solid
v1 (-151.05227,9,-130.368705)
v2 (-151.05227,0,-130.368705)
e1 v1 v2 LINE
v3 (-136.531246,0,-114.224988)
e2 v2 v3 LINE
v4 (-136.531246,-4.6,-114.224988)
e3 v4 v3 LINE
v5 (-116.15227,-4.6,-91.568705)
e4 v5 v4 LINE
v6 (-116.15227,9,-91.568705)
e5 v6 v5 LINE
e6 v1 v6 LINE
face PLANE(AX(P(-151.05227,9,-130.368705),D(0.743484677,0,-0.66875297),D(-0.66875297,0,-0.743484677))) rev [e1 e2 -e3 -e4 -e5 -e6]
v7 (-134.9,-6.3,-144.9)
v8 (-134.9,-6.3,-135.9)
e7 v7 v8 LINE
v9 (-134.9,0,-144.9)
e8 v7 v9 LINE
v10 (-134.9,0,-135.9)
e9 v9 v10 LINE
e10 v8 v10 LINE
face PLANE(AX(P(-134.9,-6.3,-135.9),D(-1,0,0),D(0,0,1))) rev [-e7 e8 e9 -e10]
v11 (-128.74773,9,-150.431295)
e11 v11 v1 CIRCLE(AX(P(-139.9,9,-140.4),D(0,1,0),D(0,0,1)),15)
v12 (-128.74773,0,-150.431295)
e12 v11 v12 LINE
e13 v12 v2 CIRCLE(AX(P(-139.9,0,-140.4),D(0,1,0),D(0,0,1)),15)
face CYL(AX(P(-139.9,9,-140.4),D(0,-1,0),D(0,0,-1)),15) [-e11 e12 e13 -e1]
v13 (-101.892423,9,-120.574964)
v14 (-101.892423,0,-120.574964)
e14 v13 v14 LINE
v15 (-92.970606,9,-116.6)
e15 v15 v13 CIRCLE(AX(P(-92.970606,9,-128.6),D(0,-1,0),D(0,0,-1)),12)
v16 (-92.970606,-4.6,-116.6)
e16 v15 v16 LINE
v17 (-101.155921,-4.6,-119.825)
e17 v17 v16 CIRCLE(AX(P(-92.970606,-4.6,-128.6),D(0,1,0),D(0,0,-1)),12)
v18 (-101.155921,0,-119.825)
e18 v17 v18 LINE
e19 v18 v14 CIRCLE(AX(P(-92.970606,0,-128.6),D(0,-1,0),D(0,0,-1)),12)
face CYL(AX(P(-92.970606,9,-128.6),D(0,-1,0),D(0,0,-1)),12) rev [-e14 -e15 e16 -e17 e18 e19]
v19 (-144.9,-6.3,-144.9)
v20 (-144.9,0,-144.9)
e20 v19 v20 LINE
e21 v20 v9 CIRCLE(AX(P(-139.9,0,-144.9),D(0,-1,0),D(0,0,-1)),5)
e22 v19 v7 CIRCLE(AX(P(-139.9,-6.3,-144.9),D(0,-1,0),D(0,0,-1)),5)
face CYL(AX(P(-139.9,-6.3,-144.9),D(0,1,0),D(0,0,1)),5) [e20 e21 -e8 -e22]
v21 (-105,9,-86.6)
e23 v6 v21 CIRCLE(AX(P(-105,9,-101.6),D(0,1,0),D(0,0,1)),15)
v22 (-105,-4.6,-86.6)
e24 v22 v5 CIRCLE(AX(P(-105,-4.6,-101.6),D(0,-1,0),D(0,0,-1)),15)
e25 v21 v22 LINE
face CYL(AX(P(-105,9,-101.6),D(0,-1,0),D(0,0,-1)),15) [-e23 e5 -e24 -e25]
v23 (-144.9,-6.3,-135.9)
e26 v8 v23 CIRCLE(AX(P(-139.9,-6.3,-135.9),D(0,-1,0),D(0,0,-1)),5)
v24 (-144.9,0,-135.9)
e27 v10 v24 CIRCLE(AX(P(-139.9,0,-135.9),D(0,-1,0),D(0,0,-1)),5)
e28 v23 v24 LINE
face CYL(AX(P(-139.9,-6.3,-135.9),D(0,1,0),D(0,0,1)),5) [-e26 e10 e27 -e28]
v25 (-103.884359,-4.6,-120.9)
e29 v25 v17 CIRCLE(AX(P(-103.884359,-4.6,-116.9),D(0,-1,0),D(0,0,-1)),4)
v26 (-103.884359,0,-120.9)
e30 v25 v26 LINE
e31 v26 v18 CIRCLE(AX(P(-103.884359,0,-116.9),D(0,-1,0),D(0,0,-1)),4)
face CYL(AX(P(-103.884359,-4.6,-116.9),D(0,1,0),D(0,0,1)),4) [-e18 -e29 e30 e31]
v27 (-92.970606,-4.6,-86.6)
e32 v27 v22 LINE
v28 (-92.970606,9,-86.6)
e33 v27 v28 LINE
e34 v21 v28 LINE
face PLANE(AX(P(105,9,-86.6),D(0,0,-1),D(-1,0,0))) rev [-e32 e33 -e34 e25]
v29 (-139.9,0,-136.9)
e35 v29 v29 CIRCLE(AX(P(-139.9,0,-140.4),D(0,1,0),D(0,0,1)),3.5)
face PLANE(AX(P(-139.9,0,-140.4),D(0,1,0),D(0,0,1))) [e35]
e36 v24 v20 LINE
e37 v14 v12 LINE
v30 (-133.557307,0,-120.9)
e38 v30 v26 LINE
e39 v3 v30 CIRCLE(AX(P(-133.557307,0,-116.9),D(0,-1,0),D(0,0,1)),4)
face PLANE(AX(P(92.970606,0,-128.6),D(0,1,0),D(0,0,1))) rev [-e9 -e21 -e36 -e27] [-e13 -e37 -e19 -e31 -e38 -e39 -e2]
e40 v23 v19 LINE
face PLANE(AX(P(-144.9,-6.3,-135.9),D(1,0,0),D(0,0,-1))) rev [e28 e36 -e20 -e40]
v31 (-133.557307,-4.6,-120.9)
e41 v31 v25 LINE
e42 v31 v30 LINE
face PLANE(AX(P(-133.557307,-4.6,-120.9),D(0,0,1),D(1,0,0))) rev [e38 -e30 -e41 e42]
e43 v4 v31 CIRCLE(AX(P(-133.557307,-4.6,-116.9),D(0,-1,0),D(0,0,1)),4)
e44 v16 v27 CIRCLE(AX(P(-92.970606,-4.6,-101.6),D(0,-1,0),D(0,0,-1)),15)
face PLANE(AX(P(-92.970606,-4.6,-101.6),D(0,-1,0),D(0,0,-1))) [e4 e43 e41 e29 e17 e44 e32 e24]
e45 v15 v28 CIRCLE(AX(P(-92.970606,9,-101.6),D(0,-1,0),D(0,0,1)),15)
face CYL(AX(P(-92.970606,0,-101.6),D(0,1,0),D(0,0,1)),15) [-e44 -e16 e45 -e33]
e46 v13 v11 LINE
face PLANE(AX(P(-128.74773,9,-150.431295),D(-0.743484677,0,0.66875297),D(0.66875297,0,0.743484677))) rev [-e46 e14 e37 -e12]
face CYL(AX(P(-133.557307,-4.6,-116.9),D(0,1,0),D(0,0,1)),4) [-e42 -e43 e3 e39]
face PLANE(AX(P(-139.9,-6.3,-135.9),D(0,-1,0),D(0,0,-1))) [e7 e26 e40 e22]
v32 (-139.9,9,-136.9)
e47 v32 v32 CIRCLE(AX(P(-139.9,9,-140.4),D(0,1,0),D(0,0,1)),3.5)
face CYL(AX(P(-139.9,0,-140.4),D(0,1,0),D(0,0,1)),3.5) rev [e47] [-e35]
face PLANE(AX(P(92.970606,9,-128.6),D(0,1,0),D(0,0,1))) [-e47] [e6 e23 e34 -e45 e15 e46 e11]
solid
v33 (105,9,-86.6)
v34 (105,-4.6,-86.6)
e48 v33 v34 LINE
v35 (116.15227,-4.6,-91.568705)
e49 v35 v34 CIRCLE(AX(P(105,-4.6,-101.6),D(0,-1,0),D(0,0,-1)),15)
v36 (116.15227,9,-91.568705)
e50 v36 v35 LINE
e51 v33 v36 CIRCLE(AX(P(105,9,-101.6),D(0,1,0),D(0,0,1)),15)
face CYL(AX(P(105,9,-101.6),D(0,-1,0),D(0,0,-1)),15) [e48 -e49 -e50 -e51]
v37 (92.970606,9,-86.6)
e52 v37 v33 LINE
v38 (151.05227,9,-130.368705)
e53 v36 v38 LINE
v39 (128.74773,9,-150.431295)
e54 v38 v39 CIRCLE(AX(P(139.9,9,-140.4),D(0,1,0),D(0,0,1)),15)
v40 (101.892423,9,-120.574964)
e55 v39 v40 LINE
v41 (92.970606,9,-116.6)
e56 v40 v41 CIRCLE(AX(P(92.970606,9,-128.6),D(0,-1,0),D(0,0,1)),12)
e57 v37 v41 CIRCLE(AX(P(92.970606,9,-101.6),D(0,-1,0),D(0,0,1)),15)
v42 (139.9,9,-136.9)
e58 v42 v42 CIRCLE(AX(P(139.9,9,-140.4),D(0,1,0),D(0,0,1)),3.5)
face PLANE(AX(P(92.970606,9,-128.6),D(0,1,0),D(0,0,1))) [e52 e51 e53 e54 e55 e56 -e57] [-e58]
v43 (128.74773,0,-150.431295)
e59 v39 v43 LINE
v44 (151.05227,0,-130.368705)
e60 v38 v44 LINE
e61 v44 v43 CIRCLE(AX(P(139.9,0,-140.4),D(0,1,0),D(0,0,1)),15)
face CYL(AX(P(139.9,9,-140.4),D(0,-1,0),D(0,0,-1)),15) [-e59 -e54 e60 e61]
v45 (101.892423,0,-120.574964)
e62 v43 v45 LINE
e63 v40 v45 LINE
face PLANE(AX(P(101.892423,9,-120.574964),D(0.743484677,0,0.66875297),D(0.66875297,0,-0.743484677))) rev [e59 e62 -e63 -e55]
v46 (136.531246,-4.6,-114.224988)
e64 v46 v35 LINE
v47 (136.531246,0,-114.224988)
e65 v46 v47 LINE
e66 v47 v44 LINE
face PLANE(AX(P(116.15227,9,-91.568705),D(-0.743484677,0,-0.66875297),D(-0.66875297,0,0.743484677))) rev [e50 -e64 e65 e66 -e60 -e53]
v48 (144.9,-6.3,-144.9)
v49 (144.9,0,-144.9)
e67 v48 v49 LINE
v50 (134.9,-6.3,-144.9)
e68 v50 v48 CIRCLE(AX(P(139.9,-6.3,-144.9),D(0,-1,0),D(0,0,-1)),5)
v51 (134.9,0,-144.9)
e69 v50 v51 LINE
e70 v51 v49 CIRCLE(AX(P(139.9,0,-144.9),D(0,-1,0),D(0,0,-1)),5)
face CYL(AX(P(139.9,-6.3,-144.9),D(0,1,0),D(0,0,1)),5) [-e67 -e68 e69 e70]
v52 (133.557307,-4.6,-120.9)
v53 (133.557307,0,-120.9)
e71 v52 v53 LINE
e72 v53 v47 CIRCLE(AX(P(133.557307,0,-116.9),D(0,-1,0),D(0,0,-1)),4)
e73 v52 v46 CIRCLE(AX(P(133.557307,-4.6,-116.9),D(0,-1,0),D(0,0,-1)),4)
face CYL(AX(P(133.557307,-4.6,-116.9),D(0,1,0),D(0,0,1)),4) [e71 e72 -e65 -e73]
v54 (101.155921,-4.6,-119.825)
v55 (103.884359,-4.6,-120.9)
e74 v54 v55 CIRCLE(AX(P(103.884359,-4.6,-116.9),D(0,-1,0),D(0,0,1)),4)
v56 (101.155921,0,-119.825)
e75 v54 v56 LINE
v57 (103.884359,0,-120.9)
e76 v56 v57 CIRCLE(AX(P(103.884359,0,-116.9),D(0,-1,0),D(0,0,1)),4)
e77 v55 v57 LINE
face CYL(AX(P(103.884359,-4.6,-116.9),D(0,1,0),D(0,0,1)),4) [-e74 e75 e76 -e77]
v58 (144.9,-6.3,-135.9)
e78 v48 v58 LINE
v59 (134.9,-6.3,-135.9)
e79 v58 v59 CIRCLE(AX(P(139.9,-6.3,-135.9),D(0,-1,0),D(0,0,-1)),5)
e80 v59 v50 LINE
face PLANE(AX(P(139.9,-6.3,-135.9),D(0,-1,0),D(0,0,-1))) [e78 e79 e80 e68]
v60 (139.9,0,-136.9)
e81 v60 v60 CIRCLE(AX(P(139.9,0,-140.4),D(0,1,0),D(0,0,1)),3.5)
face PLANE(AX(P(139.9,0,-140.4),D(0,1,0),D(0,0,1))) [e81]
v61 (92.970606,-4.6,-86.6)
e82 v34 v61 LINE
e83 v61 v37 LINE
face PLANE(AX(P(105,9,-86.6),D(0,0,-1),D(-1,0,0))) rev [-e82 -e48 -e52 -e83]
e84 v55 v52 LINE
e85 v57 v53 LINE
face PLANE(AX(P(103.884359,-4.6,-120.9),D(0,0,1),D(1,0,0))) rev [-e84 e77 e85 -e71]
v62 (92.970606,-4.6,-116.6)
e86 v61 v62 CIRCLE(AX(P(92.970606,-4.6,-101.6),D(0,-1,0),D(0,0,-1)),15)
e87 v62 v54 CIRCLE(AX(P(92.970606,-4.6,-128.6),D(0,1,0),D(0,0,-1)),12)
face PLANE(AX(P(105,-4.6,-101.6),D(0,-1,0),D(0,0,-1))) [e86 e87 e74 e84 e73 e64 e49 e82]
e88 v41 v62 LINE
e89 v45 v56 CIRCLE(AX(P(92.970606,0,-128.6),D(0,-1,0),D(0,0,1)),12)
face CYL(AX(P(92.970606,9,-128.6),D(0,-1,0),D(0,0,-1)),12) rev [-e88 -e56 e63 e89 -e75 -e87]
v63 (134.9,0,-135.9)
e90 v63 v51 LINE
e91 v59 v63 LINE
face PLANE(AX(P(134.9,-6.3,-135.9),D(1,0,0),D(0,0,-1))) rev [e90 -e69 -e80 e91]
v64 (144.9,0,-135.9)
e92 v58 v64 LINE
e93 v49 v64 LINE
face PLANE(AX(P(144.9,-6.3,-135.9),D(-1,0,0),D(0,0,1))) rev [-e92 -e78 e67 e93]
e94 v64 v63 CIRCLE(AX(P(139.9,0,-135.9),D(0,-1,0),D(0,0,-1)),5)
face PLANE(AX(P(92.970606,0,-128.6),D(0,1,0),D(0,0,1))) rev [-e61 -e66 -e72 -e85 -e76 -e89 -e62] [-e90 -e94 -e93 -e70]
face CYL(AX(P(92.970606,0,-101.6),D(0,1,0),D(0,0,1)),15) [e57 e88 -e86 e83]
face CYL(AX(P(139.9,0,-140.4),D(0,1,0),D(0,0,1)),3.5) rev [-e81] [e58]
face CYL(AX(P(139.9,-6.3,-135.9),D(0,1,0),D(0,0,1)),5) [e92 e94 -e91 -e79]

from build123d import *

# Parameters (mm, degrees)
BOSS_EXTRUDE1_DEPTH = 9
CUT_EXTRUDE1_DEPTH  = 220.600022769
BOSS_EXTRUDE2_DEPTH = 6.3
BOSS_EXTRUDE3_DEPTH = 4.6
SKETCH7_R           = 3.5
CUT_EXTRUDE2_DEPTH  = 9


with BuildPart() as part:
    # Sketch1 → Boss-Extrude1 (new body)
    with BuildSketch(Plane(origin=(0, 0, 0), x_dir=(1, 0, 0), z_dir=(0, 1, 0))):
        with BuildLine():
            Line((-128.747729842, 150.431294549), (-101.892422534, 120.574964361))
            ThreePointArc((-101.892422534, 120.574964361), (-97.854230693, 117.638694702), (-92.970606408, 116.6))
            Line((-92.970606408, 116.6), (92.970606408, 116.6))
            ThreePointArc((92.970606408, 116.6), (97.854230693, 117.638694702), (101.892422534, 120.574964361))
            Line((101.892422534, 120.574964361), (128.747729842, 150.431294549))
            ThreePointArc((128.747729842, 150.431294549), (149.931294549, 151.552270158), (151.052270158, 130.368705451))
            Line((151.052270158, 130.368705451), (116.152270158, 91.568705451))
            ThreePointArc((116.152270158, 91.568705451), (111.104530357, 87.898368378), (105, 86.6))
            Line((105, 86.6), (-105, 86.6))
            ThreePointArc((-105, 86.6), (-111.104530357, 87.898368378), (-116.152270158, 91.568705451))
            Line((-116.152270158, 91.568705451), (-151.052270158, 130.368705451))
            ThreePointArc((-151.052270158, 130.368705451), (-149.931294549, 151.552270158), (-128.747729842, 150.431294549))
        make_face()
    extrude(amount=BOSS_EXTRUDE1_DEPTH)

    # Sketch3 → Cut-Extrude1 (cut, through all)
    with BuildSketch(Plane(origin=(0, 9, 0), x_dir=(1, 0, 0), z_dir=(0, 1, 0))):
        with BuildLine():
            Line((-92.970606408, 116.6), (92.970606408, 116.6))
            ThreePointArc((92.970606408, 116.6), (77.970606408, 101.6), (92.970606408, 86.6))
            Line((92.970606408, 86.6), (-92.970606408, 86.6))
            ThreePointArc((-92.970606408, 86.6), (-77.970606408, 101.6), (-92.970606408, 116.6))
        make_face()
    extrude(amount=-CUT_EXTRUDE1_DEPTH, mode=Mode.SUBTRACT)


with BuildPart() as cut_extrude1_piece_1:
    # of the separate pieces the step leaves, piece 1, a body of its own (cut_extrude1_pieces)
    add(part.part.solids().sort_by_distance((92.970606408, 0, -116.6))[0])



with BuildPart() as cut_extrude1_piece_2:
    # of the separate pieces the step leaves, piece 2, a body of its own (cut_extrude1_pieces)
    add(part.part.solids().sort_by_distance((-128.747729842, 0, -150.431294549))[0])


with BuildPart() as cut_extrude1_piece_1_1:
    add(cut_extrude1_piece_1.part)

    add(cut_extrude1_piece_2.part)  # Boss-Extrude2 merges Cut-Extrude1 piece 2
    # Sketch4 → Boss-Extrude2 (add)
    with BuildSketch(Plane.XZ):
        with BuildLine():
            Line((-134.9, -135.9), (-134.9, -144.9))
            ThreePointArc((-134.9, -144.9), (-139.9, -149.9), (-144.9, -144.9))
            Line((-144.9, -144.9), (-144.9, -135.9))
            ThreePointArc((-144.9, -135.9), (-139.9, -130.9), (-134.9, -135.9))
        make_face()
        with BuildLine():
            Line((144.9, -135.9), (144.9, -144.9))
            ThreePointArc((144.9, -144.9), (139.9, -149.9), (134.9, -144.9))
            Line((134.9, -144.9), (134.9, -135.9))
            ThreePointArc((134.9, -135.9), (139.9, -130.9), (144.9, -135.9))
        make_face()
    extrude(amount=BOSS_EXTRUDE2_DEPTH)

    # Sketch6 → Boss-Extrude3 (add)
    with BuildSketch(Plane.XZ):
        with BuildLine():
            Line((-133.557307355, -120.9), (-103.884359199, -120.9))
            ThreePointArc((-103.884359199, -120.9), (-102.41807137, -120.621558813), (-101.155921001, -119.825))
            ThreePointArc((-101.155921001, -119.825), (-97.369469897, -117.43532356), (-92.970606408, -116.6))
            ThreePointArc((-92.970606408, -116.6), (-77.970606408, -101.6), (-92.970606408, -86.6))
            Line((-92.970606408, -86.6), (-105, -86.6))
            ThreePointArc((-105, -86.6), (-111.104530357, -87.898368378), (-116.152270158, -91.568705451))
            Line((-116.152270158, -91.568705451), (-136.531246064, -114.22498812))
            ThreePointArc((-136.531246064, -114.22498812), (-137.211075788, -118.527874762), (-133.557307355, -120.9))
        make_face()
        with BuildLine():
            Line((103.884359199, -120.9), (133.557307355, -120.9))
            ThreePointArc((133.557307355, -120.9), (137.211075788, -118.527874762), (136.531246064, -114.22498812))
            Line((136.531246064, -114.22498812), (116.152270158, -91.568705451))
            ThreePointArc((116.152270158, -91.568705451), (111.104530357, -87.898368378), (105, -86.6))
            Line((105, -86.6), (92.970606408, -86.6))
            ThreePointArc((92.970606408, -86.6), (77.970606408, -101.6), (92.970606408, -116.6))
            ThreePointArc((92.970606408, -116.6), (97.369469897, -117.43532356), (101.155921001, -119.825))
            ThreePointArc((101.155921001, -119.825), (102.41807137, -120.621558813), (103.884359199, -120.9))
        make_face()
    extrude(amount=BOSS_EXTRUDE3_DEPTH)

    # Sketch7 → Cut-Extrude2 (cut)
    with BuildSketch(Plane(origin=(0, 9, 0), x_dir=(1, 0, 0), z_dir=(0, 1, 0))):
        with Locations((-139.9, 140.4)):
            Circle(SKETCH7_R)
        with Locations((139.9, 140.4)):
            Circle(SKETCH7_R)
    extrude(amount=-CUT_EXTRUDE2_DEPTH, mode=Mode.SUBTRACT)


solid = cut_extrude1_piece_1_1.part
